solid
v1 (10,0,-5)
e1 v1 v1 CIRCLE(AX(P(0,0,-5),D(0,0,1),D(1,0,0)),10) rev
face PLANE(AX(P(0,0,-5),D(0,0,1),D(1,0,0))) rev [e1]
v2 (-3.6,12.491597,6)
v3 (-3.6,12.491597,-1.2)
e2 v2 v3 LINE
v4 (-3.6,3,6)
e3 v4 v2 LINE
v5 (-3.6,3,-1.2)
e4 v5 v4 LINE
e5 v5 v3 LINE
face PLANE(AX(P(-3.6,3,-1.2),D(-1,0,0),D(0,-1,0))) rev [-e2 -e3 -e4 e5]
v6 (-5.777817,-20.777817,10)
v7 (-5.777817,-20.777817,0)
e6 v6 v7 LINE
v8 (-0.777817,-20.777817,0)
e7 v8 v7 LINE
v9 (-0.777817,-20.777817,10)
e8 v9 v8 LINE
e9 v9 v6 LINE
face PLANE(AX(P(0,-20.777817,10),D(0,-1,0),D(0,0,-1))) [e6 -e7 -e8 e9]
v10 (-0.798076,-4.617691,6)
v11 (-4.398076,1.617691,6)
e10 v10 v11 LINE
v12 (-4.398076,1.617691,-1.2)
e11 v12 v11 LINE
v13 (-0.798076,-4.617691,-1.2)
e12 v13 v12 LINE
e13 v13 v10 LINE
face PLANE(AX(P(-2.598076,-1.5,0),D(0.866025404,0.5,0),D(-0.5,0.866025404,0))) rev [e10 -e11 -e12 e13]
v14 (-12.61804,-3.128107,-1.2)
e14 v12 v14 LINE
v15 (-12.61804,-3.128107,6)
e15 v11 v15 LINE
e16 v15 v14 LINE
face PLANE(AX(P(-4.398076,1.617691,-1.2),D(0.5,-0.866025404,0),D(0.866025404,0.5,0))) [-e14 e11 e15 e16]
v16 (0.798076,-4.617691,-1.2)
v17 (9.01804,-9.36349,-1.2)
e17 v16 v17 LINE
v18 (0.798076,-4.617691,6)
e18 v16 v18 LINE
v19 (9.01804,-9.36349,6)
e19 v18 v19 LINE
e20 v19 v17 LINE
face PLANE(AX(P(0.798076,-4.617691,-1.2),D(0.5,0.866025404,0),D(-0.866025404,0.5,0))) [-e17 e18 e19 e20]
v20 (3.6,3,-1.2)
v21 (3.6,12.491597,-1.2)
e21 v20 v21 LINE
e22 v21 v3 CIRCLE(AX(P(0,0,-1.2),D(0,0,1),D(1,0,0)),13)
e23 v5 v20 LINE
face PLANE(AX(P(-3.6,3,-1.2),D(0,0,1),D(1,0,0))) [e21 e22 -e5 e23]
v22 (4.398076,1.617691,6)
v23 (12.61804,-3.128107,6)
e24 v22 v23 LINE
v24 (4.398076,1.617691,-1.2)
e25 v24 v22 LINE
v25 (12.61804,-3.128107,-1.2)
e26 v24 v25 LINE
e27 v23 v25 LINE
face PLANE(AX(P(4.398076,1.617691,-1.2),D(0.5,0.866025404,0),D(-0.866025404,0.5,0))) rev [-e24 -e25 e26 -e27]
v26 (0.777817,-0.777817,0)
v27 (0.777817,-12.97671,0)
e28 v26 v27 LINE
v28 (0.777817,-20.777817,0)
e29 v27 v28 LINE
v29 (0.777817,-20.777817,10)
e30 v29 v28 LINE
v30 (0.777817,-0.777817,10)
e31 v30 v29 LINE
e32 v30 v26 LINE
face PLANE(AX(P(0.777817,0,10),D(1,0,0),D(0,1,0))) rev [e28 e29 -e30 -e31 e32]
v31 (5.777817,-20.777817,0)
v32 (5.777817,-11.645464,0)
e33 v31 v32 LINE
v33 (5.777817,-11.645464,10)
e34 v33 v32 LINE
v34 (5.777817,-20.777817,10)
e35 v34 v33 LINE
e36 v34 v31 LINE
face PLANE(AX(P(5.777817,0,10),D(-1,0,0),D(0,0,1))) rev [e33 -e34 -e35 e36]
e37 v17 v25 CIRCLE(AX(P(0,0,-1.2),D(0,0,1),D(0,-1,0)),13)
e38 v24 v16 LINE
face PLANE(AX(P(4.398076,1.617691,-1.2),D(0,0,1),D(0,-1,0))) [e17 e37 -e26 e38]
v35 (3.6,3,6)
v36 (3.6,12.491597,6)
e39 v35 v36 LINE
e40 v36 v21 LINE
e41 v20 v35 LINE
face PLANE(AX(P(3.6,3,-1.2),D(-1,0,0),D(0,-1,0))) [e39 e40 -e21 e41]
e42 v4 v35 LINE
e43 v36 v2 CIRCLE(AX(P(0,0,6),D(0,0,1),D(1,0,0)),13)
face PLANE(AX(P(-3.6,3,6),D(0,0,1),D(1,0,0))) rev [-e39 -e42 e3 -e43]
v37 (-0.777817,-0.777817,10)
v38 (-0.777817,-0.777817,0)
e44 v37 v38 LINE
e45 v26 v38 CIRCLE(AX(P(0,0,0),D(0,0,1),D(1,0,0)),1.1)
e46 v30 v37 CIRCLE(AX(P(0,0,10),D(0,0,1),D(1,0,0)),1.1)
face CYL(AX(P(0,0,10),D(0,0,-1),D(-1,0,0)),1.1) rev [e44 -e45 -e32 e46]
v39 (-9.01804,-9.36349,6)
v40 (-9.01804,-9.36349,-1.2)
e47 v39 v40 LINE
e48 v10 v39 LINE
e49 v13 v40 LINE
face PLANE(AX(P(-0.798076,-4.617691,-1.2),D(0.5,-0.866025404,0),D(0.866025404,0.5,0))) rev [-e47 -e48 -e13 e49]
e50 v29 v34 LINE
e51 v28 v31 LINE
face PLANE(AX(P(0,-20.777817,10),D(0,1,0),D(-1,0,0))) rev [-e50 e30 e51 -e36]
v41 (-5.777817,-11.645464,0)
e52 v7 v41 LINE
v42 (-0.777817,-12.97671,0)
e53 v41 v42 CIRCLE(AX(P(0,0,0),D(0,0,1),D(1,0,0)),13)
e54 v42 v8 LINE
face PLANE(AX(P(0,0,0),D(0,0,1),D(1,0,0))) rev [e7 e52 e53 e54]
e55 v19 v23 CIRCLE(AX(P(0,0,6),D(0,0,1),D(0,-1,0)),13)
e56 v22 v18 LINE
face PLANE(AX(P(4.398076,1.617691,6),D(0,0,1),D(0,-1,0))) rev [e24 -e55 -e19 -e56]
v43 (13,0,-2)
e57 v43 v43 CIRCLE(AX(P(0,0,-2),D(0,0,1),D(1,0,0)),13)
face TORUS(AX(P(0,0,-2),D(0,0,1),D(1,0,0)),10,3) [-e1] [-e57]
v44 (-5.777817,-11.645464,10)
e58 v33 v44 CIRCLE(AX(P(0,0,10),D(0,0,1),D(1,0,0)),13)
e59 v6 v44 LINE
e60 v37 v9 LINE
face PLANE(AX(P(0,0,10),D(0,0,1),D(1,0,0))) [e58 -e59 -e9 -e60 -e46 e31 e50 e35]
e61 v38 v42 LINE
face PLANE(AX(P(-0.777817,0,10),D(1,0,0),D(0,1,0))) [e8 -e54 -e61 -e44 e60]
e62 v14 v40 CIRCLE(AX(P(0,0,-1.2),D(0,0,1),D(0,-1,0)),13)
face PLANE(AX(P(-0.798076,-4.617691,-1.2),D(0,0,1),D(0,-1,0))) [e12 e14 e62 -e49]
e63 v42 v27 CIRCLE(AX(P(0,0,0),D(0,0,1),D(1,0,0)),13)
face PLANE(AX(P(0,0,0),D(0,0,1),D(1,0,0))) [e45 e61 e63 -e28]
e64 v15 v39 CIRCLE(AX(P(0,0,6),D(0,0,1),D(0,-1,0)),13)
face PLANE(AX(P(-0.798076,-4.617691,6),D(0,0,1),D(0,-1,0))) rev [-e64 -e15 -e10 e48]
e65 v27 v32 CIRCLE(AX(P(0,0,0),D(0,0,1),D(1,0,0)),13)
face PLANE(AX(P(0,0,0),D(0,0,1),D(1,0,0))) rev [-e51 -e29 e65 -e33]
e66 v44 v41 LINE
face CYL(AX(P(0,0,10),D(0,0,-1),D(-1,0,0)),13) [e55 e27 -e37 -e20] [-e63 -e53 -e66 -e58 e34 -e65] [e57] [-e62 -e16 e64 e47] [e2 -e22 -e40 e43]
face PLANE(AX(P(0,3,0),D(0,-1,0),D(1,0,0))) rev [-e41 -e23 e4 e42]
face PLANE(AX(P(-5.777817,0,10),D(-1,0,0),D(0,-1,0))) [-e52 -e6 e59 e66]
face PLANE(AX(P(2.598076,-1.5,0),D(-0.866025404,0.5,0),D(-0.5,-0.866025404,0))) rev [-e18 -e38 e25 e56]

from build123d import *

# Parameters (mm, degrees)
BOSS_EXTRUDE1_DEPTH = 10
BOSS_EXTRUDE2_START = -5
SKETCH1_4_R         = 13
BOSS_EXTRUDE2_DEPTH = 5
FILLET1_R           = 3
SKETCH4_W           = 7.2
SKETCH4_H           = 7.2
CUT_EXTRUDE1_DEPTH  = 10
CIRPATTERN1_COUNT   = 3


with BuildPart() as part:
    # Sketch1 → Boss-Extrude1 (new body)
    with BuildSketch(Plane.XY):
        with BuildLine():
            Line((-5.777817459, -20.777817459), (-0.777817459, -20.777817459))
            Line((-0.777817459, -20.777817459), (-0.777817459, -0.777817459))
            ThreePointArc((-0.777817459, -0.777817459), (0, 1.1), (0.777817459, -0.777817459))
            Line((0.777817459, -0.777817459), (0.777817459, -20.777817459))
            Line((0.777817459, -20.777817459), (5.777817459, -20.777817459))
            Line((5.777817459, -20.777817459), (5.777817459, -11.645463727))
            ThreePointArc((5.777817459, -11.645463727), (0, 13), (-5.777817459, -11.645463727))
            Line((-5.777817459, -11.645463727), (-5.777817459, -20.777817459))
        make_face()
    extrude(amount=BOSS_EXTRUDE1_DEPTH)

    # Sketch1<4> → Boss-Extrude2 (add)
    with BuildSketch(Plane.XY.offset(BOSS_EXTRUDE2_START)):
        Circle(SKETCH1_4_R)
    extrude(amount=BOSS_EXTRUDE2_DEPTH)

    # Fillet1
    fillet1_edges = [part.edges().sort_by_distance(p)[0] for p in [
        (-13, 0, -5),
    ]]
    fillet(fillet1_edges, radius=FILLET1_R)

    # Sketch4 → Cut-Extrude1 (cut)
    with BuildSketch(Plane(origin=(-11.286443879, -6.451305765, 0), x_dir=(0.499999999999998, -0.8660254037844398, 0), z_dir=(0.8660254037844398, 0.499999999999998, 0))):
        with Locations((0.056227259, -2.4)):
            Rectangle(SKETCH4_W, SKETCH4_H)
    cut_extrude1 = extrude(amount=CUT_EXTRUDE1_DEPTH, mode=Mode.SUBTRACT)

    # CirPattern1: Cut-Extrude1 ×3 about axis
    cirpattern1_axis = Axis((0, 0, 10), (0, 0, -1))
    for i in range(1, CIRPATTERN1_COUNT):
        add(cut_extrude1.rotate(cirpattern1_axis, i * 360 / CIRPATTERN1_COUNT), mode=Mode.SUBTRACT)


solid = part.part
